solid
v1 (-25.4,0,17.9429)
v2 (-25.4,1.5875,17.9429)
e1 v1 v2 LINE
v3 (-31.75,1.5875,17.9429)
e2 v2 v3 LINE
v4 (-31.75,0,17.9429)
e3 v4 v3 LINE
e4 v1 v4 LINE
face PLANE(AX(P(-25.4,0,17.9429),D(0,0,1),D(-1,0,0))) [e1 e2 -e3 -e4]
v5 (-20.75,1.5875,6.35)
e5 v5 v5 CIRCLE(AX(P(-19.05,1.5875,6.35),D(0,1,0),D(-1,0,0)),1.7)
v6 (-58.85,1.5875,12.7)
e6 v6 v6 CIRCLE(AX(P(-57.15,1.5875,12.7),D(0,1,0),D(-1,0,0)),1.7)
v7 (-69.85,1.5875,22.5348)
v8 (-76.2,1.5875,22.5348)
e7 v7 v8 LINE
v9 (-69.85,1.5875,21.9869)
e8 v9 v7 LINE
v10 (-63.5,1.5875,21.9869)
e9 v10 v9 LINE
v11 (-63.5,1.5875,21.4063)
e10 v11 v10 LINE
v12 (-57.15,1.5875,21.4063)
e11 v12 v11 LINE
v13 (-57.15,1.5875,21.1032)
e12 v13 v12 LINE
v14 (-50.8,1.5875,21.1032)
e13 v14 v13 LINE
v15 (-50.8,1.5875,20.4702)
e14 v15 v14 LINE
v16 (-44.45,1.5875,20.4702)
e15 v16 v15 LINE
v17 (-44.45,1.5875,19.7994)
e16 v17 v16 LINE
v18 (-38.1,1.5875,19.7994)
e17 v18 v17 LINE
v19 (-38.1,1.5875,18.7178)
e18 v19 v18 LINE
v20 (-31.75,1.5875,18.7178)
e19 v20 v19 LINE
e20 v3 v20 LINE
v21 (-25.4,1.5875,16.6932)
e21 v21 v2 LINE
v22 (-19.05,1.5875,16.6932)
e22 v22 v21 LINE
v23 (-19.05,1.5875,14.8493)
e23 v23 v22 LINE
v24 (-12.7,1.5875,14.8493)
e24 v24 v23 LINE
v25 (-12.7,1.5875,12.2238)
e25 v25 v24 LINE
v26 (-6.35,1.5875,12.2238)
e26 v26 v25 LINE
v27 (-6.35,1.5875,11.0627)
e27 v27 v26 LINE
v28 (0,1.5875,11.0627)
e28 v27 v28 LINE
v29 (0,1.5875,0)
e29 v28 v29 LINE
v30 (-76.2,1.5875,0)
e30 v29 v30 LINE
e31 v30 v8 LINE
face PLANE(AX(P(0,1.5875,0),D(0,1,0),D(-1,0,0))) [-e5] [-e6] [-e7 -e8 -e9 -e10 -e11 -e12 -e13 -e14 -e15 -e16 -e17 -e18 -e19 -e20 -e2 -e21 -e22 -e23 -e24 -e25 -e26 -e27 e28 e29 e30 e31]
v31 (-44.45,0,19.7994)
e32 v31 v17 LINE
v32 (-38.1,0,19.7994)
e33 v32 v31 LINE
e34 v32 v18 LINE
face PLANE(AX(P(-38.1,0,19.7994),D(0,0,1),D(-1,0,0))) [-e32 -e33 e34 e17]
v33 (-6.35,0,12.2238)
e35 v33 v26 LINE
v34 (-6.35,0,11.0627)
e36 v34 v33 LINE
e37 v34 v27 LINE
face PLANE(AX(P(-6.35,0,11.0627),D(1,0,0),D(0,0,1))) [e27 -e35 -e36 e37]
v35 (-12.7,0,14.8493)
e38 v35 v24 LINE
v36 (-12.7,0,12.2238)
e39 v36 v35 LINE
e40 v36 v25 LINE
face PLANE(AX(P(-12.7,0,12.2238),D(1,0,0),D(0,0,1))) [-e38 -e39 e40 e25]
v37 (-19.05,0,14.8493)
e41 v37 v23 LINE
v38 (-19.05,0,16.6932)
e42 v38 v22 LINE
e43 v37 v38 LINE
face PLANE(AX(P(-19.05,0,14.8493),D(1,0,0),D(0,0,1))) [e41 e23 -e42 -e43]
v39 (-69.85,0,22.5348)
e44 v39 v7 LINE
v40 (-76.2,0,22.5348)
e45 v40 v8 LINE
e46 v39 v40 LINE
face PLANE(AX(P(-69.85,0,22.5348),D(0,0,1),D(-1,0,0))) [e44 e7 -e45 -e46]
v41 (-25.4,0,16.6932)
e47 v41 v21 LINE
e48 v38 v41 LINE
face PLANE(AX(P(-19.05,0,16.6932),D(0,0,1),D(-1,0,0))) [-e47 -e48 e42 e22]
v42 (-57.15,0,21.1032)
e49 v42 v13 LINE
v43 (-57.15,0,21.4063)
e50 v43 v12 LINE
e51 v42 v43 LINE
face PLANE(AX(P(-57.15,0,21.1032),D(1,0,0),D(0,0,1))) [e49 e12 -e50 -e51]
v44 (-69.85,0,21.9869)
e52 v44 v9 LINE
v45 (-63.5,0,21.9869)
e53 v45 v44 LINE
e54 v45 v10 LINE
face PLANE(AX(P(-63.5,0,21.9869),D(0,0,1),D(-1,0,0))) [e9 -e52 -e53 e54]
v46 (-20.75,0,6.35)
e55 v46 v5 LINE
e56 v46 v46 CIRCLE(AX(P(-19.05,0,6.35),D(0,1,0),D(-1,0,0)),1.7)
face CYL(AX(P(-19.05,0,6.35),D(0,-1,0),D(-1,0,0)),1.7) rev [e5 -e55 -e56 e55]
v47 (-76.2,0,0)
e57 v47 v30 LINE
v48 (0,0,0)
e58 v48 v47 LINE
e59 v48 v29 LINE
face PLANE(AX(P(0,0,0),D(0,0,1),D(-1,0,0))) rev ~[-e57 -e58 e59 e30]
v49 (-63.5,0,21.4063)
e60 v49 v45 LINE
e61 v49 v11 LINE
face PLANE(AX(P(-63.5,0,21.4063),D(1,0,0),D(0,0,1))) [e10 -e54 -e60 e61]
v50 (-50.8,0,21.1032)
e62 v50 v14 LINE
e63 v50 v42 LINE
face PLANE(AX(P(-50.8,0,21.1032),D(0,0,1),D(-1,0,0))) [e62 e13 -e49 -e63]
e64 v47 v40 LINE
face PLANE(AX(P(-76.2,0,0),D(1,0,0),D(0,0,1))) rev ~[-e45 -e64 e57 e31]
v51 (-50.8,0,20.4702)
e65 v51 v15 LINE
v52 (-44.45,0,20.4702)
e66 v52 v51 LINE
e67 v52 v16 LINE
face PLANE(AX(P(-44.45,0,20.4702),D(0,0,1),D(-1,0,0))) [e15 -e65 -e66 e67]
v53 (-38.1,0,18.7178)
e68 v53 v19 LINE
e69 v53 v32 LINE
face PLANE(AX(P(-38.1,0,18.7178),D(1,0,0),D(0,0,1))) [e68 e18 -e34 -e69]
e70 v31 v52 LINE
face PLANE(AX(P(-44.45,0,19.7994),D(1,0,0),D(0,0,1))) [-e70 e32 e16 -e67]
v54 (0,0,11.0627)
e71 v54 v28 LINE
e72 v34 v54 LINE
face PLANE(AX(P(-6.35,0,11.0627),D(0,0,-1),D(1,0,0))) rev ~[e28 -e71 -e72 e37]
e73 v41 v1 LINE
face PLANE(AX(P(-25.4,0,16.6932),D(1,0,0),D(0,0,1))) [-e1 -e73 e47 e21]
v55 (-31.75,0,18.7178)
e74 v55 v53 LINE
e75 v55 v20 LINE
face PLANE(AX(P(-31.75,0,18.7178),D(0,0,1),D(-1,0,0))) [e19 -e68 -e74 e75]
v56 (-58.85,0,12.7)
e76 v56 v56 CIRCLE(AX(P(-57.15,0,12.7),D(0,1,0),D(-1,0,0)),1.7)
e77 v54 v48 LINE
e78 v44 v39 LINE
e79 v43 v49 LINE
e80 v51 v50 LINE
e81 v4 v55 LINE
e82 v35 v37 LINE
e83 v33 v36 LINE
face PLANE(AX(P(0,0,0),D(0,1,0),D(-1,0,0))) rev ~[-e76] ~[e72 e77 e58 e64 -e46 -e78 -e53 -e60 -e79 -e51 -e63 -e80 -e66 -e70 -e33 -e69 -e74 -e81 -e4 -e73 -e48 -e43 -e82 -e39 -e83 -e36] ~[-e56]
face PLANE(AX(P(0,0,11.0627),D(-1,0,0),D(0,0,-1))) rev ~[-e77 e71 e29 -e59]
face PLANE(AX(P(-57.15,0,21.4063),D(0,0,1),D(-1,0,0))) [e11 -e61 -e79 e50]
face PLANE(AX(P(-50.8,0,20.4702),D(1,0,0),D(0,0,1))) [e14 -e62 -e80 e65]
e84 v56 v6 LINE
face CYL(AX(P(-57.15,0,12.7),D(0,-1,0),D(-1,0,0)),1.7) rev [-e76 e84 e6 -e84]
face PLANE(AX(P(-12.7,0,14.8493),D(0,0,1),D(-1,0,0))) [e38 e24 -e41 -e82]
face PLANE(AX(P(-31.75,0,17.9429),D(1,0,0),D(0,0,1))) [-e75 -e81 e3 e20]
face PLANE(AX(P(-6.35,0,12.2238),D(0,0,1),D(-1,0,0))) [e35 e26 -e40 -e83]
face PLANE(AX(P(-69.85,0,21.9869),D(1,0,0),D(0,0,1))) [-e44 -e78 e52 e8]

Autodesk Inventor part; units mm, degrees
ref_plane "YZ Plane" through (0, 0, 0) normal (1, 0, 0) x (0, 1, 0)
ref_plane "XZ Plane" through (0, 0, 0) normal (0, 1, 0) x (-1, 0, 0)
ref_plane "XY Plane" through (0, 0, 0) normal (0, 0, 1) x (1, 0, 0)
sketch "Sketch1" plane through (0, 0, 0) normal (0, 1, 0) x (-1, 0, 0)
  line L0 (6.35, 11.0627) -> (0, 11.0627)
  line L1 (0, 11.0627) -> (0, 0)
  line L2 (0, 0) -> (76.2, 0)
  line L3 (6.35, 11.0627) -> (6.35, 12.2238)
  line L4 (6.35, 12.2238) -> (12.7, 12.2238)
  line L5 (12.7, 12.2238) -> (12.7, 14.8493)
  line L6 (12.7, 14.8493) -> (19.05, 14.8493)
  line L7 (19.05, 14.8493) -> (19.05, 16.6932)
  line L8 (19.05, 16.6932) -> (25.4, 16.6932)
  line L9 (25.4, 16.6932) -> (25.4, 17.9429)
  line L10 (25.4, 17.9429) -> (31.75, 17.9429)
  line L11 (31.75, 17.9429) -> (31.75, 18.7178)
  line L12 (31.75, 18.7178) -> (38.1, 18.7178)
  line L13 (38.1, 18.7178) -> (38.1, 19.7994)
  line L14 (38.1, 19.7994) -> (44.45, 19.7994)
  line L15 (44.45, 19.7994) -> (44.45, 20.4702)
  line L16 (44.45, 20.4702) -> (50.8, 20.4702)
  line L17 (50.8, 20.4702) -> (50.8, 21.1032)
  line L18 (50.8, 21.1032) -> (57.15, 21.1032)
  line L19 (57.15, 21.1032) -> (57.15, 21.4063)
  line L20 (57.15, 21.4063) -> (63.5, 21.4063)
  line L21 (63.5, 21.4063) -> (63.5, 21.9869)
  line L22 (63.5, 21.9869) -> (69.85, 21.9869)
  line L23 (69.85, 21.9869) -> (69.85, 22.5348)
  line L24 (69.85, 22.5348) -> (76.2, 22.5348)
  line L25 (76.2, 0) -> (76.2, 22.5348)
  circle A0 centre (19.05, 6.35) radius 1.7
  circle A1 centre (57.15, 12.7) radius 1.7
extrude "Extrusion1" add sketch "Sketch1" along normal blind 1.5875
properties part number "twinkle_twinkle_base"
